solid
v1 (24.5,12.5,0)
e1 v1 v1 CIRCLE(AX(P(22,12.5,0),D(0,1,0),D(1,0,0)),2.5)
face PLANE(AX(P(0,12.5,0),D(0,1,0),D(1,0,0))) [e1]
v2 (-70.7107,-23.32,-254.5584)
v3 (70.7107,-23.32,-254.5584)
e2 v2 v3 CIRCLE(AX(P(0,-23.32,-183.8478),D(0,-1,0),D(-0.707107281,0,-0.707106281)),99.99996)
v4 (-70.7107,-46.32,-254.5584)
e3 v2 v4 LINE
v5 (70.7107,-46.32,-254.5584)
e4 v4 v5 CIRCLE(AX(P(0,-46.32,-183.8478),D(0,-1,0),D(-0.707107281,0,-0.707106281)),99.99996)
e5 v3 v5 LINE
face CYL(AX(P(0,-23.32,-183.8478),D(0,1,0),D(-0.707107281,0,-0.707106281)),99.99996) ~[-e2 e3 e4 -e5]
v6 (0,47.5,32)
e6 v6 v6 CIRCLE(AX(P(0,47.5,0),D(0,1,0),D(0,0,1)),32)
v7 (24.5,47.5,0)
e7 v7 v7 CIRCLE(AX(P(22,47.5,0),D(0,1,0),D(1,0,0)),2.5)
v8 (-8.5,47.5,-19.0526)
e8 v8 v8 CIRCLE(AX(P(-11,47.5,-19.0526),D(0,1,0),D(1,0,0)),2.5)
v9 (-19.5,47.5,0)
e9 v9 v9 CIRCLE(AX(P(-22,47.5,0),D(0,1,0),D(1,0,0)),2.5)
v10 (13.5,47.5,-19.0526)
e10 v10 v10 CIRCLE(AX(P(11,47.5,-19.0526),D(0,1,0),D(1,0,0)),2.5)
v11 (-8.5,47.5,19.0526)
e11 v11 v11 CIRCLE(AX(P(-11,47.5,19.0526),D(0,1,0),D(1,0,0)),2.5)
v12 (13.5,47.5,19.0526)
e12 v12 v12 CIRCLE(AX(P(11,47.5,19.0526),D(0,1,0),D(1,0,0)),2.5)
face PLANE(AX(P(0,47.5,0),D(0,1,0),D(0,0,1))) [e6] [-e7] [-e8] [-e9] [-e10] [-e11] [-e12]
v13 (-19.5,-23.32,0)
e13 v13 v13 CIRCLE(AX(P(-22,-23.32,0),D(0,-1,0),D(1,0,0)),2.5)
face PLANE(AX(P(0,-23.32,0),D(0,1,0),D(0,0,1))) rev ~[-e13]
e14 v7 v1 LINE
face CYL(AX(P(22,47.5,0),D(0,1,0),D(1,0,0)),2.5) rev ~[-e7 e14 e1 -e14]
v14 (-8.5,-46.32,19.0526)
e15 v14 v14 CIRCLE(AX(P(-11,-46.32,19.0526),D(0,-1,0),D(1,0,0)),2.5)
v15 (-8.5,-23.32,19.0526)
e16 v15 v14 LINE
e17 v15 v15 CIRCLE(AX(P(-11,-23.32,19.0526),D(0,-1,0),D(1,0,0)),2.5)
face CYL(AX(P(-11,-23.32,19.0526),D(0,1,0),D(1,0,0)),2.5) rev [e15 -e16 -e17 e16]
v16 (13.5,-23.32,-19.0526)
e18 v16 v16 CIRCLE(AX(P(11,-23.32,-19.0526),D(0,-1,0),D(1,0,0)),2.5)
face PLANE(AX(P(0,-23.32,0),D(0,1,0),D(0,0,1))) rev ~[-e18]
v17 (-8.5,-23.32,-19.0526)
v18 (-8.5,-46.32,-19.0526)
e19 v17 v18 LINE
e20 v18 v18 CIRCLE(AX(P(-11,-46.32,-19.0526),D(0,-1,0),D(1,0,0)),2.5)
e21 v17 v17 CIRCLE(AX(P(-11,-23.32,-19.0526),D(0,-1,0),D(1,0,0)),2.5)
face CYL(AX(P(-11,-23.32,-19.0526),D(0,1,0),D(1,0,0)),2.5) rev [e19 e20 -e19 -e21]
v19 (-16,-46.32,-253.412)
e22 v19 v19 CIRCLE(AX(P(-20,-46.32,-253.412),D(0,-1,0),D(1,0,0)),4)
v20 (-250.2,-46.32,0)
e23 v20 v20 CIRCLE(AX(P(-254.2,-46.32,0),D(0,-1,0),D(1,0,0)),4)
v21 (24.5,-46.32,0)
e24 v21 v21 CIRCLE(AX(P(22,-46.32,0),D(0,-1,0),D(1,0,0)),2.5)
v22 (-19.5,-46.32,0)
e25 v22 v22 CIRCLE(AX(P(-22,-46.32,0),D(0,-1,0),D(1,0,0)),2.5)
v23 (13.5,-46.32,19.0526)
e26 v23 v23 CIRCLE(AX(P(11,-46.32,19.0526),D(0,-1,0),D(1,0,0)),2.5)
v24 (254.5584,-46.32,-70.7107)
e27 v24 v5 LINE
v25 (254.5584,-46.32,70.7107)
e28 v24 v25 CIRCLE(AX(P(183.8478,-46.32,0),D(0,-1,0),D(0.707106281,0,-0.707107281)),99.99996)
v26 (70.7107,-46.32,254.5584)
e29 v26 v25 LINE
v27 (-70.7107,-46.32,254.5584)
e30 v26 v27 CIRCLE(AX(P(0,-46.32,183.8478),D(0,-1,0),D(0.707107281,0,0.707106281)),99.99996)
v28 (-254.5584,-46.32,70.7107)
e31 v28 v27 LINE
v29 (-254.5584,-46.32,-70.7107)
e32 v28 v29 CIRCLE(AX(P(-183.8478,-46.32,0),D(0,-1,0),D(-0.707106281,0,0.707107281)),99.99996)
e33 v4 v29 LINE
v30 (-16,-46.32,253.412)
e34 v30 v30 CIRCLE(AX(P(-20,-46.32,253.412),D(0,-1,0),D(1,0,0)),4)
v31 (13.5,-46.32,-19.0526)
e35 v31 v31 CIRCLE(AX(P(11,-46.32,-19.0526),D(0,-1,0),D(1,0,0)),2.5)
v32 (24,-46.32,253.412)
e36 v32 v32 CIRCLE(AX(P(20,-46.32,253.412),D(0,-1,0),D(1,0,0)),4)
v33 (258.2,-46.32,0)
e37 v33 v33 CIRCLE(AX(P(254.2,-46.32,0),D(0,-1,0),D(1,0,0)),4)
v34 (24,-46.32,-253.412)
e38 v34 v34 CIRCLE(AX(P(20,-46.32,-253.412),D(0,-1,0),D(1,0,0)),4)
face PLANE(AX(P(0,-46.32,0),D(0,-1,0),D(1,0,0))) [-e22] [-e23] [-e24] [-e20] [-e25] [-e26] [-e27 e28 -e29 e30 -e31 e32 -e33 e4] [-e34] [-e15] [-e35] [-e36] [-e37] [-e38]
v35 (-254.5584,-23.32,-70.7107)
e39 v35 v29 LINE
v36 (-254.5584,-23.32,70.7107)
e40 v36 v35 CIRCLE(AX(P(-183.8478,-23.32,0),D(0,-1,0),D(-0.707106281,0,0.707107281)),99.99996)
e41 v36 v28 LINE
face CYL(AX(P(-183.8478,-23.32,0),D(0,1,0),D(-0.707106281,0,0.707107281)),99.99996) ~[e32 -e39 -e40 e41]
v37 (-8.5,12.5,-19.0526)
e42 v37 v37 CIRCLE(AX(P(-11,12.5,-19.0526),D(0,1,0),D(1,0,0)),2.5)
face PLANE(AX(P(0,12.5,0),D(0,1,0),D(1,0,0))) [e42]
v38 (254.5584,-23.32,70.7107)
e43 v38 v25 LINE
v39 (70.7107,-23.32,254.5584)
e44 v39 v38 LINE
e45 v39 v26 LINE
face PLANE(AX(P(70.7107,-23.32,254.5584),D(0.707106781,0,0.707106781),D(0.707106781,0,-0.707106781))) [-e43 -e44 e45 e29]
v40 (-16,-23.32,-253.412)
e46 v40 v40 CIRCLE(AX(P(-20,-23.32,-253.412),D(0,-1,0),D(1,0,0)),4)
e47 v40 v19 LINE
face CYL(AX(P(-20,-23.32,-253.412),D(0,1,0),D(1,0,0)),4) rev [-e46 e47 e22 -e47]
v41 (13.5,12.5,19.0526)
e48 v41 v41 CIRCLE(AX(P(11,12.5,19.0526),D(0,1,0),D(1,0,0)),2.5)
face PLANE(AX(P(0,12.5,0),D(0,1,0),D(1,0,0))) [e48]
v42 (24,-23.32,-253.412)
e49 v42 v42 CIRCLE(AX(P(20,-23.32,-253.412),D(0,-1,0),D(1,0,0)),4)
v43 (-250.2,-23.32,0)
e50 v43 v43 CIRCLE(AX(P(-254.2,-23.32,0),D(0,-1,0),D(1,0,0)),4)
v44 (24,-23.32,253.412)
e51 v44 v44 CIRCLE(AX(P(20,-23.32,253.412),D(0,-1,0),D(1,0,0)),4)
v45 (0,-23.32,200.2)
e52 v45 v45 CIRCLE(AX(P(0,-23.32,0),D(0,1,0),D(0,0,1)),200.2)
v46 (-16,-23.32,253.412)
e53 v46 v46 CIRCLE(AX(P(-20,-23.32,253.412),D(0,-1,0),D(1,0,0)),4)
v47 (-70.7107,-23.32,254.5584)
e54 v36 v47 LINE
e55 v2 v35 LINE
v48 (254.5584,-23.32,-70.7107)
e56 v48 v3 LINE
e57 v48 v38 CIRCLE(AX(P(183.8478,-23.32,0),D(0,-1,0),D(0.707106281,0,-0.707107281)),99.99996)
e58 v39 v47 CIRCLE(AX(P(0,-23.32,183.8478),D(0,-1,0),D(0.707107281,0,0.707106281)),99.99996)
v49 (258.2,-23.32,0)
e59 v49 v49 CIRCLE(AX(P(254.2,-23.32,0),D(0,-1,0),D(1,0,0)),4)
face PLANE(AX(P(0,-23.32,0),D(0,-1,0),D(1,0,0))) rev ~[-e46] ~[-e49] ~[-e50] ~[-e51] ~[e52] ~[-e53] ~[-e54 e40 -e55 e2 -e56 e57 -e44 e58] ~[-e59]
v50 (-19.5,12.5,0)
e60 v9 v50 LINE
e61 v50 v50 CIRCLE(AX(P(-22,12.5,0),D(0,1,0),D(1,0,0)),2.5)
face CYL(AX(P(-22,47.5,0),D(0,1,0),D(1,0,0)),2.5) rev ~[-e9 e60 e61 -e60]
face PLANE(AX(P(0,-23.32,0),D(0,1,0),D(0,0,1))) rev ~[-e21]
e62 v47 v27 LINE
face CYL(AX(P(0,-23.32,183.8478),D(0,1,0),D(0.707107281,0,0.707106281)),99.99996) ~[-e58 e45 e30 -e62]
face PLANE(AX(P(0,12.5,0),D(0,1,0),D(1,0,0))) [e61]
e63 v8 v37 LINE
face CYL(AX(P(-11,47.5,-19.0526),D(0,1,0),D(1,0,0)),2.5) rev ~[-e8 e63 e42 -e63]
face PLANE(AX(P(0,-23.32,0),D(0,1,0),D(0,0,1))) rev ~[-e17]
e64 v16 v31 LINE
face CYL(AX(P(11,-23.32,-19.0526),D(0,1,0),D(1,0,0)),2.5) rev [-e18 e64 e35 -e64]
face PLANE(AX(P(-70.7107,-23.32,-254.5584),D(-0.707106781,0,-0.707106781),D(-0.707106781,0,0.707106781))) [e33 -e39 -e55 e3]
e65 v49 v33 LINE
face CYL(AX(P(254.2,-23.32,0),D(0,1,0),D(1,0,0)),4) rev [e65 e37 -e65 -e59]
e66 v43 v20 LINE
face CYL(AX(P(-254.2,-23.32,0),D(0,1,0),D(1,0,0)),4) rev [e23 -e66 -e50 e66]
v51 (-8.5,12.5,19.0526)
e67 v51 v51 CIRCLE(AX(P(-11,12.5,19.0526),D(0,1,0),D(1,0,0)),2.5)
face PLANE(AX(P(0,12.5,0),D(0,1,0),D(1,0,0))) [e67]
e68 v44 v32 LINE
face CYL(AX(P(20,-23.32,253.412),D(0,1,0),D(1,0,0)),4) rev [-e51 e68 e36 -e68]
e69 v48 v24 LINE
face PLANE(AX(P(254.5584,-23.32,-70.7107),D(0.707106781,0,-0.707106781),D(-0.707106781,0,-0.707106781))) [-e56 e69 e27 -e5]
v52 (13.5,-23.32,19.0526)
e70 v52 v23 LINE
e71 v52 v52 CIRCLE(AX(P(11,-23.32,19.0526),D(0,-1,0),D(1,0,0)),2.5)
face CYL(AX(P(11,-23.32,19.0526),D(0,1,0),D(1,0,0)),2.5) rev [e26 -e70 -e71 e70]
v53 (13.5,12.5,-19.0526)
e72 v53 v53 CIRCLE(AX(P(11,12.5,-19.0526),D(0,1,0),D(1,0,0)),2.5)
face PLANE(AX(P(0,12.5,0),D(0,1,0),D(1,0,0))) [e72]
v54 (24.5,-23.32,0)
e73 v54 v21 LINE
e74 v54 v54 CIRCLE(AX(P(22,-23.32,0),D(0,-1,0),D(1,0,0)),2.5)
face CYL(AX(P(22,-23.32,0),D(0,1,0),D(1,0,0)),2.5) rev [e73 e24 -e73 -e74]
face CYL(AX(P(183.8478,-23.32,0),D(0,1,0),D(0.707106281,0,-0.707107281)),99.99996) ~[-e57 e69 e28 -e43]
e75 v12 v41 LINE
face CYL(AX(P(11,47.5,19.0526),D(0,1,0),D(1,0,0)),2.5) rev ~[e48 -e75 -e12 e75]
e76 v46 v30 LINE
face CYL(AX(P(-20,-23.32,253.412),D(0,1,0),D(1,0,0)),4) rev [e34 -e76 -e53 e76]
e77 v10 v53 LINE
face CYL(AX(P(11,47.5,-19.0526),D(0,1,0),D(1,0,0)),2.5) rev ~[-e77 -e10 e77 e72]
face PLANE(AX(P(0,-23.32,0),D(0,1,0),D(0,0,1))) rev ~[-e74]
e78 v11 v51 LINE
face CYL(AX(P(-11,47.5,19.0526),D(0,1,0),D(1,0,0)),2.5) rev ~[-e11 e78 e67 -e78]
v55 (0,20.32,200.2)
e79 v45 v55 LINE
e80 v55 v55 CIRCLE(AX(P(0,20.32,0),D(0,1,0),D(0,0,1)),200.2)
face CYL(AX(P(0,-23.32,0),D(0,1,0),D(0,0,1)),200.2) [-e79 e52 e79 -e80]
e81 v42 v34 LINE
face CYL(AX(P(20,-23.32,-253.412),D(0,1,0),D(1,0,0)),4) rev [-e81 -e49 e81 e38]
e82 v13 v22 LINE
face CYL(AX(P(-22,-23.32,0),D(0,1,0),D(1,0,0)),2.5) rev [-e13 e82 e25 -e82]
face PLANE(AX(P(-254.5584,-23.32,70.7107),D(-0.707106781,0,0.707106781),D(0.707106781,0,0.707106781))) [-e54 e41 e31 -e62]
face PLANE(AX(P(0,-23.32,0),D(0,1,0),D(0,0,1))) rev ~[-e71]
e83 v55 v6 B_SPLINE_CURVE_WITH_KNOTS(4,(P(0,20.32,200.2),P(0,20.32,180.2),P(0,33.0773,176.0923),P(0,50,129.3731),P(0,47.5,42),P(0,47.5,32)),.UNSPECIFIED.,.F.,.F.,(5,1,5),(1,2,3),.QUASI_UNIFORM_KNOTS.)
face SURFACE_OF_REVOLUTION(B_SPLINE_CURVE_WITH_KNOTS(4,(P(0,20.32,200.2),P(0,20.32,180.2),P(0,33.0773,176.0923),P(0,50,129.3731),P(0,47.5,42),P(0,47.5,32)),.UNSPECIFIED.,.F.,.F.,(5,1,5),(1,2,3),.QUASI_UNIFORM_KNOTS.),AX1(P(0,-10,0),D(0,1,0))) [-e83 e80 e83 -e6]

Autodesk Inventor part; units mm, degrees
ref_plane "YZ Plane" through (0, 0, 0) normal (1, 0, 0) x (0, 1, 0)
ref_plane "XZ Plane" through (0, 0, 0) normal (0, 1, 0) x (-1, 0, 0)
ref_plane "XY Plane" through (0, 0, 0) normal (0, 0, 1) x (1, 0, 0)
sketch "Esquisse2" plane through (0, 0, 0) normal (1, 0, 0) x (0, 1, 0)
  line L0 (-23.32, 215.2) -> (-23.32, 200.2) projected
  line L1 (-23.32, 200.2) -> (20.32, 200.2) projected
  spline S0 degree 4 poles (20.32, 200.2) (20.32, 180.2) (33.0773, 176.0923) (50, 129.3731) (47.5, 42) (47.5, 32) knots 1 1 1 1 1 2 3 3 3 3 3 projected
  line L2 (47.5, 32) -> (47.5, 0) projected
  line L3 (-23.32, 200.2) -> (-23.32, 0)
  line L4 (-23.32, 0) -> (47.5, 0)
  line L5 (-39.8184, 0) -> (75.6707, 0) projected
  point P0 (0, 0)
revolve "Révolution1" add sketch "Esquisse2" angle 360 about axis through (0, -10, 0) along (0, 1, 0)
sketch "Esquisse3" plane through (0, -23.32, 0) normal (0, -1, 0) x (1, 0, 0)
  circle A0 centre (-254.2, 0) radius 4 projected
  circle A1 centre (254.2, 0) radius 4 projected
  circle A2 centre (-20, -253.412) radius 4 projected
  circle A3 centre (20, -253.412) radius 4 projected
  circle A4 centre (-20, 253.412) radius 4 projected
  circle A5 centre (20, 253.412) radius 4 projected
  circle A6 centre (-22, 0) radius 2.5 projected
  circle A7 centre (-11, 19.0526) radius 2.5 projected
  circle A8 centre (11, 19.0526) radius 2.5 projected
  circle A9 centre (22, 0) radius 2.5 projected
  circle A10 centre (11, -19.0526) radius 2.5 projected
  circle A11 centre (-11, -19.0526) radius 2.5 projected
  line L0 (70.7107, 254.5584) -> (254.5584, 70.7107) projected
  arc A12 (254.5584, -70.7107) -> (254.5584, 70.7107) centre (183.8478, 0) ccw projected
  line L1 (254.5584, -70.7107) -> (70.7107, -254.5584) projected
  arc A13 (-70.7107, -254.5584) -> (70.7107, -254.5584) centre (0, -183.8478) ccw projected
  line L2 (-70.7107, -254.5584) -> (-254.5584, -70.7107) projected
  arc A14 (-254.5584, 70.7107) -> (-254.5584, -70.7107) centre (-183.8478, 0) ccw projected
  line L3 (-254.5584, 70.7107) -> (-70.7107, 254.5584) projected
  arc A15 (70.7107, 254.5584) -> (-70.7107, 254.5584) centre (0, 183.8478) ccw projected
extrude "Extrusion1" add sketch "Esquisse3" along normal blind 23
sketch "Esquisse6" plane through (0, 47.5, 0) normal (0, 1, 0) x (1, 0, 0)
  circle A0 centre (20, -253.412) radius 4 projected
  circle A1 centre (-20, -253.412) radius 4 projected
  circle A2 centre (20, 253.412) radius 4 projected
  circle A3 centre (-20, 253.412) radius 4 projected
  circle A4 centre (254.2, 0) radius 4 projected
  circle A5 centre (-254.2, 0) radius 4 projected
  circle A6 centre (-11, 19.0526) radius 2.5 projected
  circle A7 centre (11, 19.0526) radius 2.5 projected
  circle A8 centre (22, 0) radius 2.5 projected
  circle A9 centre (11, -19.0526) radius 2.5 projected
  circle A10 centre (-11, -19.0526) radius 2.5 projected
  circle A11 centre (-22, 0) radius 2.5 projected
  line L0 (254.5584, -70.7107) -> (70.7107, -254.5584) projected
  arc A12 (-70.7107, -254.5584) -> (70.7107, -254.5584) centre (0, -183.8478) ccw projected
  line L1 (-70.7107, -254.5584) -> (-254.5584, -70.7107) projected
  arc A13 (-254.5584, 70.7107) -> (-254.5584, -70.7107) centre (-183.8478, 0) ccw projected
  line L2 (-254.5584, 70.7107) -> (-70.7107, 254.5584) projected
  arc A14 (70.7107, 254.5584) -> (-70.7107, 254.5584) centre (0, 183.8478) ccw projected
  line L3 (70.7107, 254.5584) -> (254.5584, 70.7107) projected
  arc A15 (254.5584, -70.7107) -> (254.5584, 70.7107) centre (183.8478, 0) ccw projected
  point P0 (0, -32)
extrude "Extrusion3" cut sketch "Esquisse6" against normal blind 35 contours A6 | A7 | A8 | A9 | A10 | A11
properties part number "wheel_rim_mold_C"
